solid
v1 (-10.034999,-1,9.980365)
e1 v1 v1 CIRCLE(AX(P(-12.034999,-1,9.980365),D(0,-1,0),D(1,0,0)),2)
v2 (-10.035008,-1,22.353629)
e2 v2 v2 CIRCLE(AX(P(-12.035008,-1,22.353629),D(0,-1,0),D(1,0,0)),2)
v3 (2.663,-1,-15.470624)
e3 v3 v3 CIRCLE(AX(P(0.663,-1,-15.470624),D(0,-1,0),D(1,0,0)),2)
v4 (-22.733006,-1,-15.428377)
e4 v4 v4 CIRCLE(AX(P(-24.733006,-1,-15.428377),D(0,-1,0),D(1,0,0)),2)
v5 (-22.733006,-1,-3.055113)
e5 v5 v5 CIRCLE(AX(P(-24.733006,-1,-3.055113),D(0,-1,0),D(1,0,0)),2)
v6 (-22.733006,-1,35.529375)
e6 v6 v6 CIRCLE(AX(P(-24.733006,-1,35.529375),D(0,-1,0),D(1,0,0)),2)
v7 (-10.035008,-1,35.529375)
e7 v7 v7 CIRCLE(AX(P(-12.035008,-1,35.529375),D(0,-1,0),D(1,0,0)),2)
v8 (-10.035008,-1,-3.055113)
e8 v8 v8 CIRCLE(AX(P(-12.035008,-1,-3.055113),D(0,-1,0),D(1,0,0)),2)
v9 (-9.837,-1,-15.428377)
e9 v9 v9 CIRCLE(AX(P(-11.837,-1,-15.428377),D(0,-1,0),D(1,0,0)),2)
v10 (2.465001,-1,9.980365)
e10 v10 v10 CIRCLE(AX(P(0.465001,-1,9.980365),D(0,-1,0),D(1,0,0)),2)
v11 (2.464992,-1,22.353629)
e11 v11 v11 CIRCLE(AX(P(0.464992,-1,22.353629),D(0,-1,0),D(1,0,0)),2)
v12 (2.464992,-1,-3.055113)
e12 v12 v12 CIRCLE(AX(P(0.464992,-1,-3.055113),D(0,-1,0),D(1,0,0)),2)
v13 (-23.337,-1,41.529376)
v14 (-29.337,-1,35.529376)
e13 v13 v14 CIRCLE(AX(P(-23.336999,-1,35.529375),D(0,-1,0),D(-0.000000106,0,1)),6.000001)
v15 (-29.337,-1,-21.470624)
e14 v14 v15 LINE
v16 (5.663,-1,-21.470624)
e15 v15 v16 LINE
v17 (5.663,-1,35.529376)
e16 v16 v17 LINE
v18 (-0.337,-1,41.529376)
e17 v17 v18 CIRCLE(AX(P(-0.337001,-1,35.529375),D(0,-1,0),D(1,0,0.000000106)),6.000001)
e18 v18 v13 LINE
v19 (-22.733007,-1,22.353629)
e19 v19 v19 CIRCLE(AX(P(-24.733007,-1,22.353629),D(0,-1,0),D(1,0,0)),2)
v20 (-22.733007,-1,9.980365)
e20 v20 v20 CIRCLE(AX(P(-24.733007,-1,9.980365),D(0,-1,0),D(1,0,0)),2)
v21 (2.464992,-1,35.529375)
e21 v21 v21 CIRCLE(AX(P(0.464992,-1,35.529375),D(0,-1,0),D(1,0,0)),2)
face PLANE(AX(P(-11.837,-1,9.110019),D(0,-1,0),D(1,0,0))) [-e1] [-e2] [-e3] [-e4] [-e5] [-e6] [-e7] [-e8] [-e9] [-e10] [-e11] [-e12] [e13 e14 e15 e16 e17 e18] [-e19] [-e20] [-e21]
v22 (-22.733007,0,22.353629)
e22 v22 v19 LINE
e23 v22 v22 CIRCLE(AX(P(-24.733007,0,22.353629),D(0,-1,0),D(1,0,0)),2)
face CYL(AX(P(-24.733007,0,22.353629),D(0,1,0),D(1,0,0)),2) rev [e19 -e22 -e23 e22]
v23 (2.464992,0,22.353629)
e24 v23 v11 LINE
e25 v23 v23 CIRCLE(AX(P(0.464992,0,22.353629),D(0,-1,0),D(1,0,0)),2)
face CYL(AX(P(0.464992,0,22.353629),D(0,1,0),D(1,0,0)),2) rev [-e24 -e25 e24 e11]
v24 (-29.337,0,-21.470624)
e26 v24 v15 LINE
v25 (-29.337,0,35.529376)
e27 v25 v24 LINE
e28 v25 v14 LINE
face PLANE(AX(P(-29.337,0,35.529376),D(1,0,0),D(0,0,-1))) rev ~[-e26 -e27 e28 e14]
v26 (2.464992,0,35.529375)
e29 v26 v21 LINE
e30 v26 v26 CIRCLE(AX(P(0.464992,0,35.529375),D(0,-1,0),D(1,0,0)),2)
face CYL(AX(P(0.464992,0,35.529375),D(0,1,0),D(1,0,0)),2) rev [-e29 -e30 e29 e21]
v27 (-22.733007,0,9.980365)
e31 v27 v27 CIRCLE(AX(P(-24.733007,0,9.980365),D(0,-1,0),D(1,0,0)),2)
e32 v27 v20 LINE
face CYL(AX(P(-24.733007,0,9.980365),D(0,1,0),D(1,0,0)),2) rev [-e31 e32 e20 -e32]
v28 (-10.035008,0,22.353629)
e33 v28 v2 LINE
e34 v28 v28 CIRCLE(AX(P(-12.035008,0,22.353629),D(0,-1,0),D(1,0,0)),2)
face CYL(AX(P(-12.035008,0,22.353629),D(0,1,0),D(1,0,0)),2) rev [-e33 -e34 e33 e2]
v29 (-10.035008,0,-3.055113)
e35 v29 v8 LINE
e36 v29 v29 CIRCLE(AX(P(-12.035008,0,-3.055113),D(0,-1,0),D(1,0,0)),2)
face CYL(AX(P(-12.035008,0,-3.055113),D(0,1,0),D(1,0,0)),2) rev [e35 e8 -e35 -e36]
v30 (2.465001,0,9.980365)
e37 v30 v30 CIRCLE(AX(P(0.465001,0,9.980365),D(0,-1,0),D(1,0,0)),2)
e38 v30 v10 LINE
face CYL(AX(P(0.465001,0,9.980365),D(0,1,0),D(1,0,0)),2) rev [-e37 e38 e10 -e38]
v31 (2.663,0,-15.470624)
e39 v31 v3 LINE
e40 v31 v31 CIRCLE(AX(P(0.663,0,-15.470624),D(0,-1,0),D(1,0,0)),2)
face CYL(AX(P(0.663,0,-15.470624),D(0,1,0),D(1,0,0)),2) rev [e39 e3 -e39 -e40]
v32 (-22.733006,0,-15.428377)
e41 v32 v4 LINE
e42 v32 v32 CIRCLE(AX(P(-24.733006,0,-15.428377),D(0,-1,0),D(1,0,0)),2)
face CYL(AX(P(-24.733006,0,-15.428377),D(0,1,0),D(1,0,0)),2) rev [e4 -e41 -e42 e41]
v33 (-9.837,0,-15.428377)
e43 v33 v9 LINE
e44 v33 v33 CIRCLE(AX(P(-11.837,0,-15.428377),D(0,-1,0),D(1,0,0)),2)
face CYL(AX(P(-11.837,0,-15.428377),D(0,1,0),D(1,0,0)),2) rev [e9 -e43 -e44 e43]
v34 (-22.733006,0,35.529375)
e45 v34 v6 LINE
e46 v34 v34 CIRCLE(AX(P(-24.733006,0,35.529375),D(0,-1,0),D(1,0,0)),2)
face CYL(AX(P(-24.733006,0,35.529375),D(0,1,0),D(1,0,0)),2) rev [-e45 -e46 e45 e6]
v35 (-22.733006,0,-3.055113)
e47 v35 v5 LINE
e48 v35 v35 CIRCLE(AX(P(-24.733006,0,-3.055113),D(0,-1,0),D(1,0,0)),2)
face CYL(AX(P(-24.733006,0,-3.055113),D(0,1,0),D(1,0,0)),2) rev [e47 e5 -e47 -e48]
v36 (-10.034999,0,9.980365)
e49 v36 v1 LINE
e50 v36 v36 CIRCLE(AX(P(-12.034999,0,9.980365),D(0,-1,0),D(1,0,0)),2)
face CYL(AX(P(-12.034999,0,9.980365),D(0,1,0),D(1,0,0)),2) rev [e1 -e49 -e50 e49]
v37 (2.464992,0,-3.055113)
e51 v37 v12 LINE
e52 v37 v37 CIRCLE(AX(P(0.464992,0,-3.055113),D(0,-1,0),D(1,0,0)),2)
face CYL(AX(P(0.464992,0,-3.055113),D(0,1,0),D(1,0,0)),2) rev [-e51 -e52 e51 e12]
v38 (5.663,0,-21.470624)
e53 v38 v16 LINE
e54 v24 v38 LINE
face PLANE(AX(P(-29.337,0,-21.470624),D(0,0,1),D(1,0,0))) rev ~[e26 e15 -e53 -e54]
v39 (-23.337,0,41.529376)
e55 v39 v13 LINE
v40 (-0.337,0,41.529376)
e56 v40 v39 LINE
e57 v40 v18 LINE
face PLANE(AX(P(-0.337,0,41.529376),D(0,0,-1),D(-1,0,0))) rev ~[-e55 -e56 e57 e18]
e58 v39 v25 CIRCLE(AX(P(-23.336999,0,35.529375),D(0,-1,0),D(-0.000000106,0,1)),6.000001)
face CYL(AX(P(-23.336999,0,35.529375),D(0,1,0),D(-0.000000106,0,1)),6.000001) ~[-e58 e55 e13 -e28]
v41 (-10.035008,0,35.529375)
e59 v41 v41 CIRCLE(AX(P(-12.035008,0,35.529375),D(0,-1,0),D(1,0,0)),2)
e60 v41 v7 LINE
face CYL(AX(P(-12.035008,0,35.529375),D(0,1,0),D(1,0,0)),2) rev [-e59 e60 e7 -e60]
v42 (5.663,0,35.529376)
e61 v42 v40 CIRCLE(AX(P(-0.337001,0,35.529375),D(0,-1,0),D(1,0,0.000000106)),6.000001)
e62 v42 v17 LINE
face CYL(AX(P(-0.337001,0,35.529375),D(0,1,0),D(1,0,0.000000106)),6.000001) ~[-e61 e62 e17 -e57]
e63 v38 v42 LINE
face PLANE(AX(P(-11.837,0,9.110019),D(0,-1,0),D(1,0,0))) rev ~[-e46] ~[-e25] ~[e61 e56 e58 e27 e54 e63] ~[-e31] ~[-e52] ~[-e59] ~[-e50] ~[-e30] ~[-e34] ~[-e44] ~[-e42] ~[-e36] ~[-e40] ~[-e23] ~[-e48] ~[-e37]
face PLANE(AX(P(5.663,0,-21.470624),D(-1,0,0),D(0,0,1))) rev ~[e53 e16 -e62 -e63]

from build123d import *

# Parameters (mm, degrees)
F0_R     = 2
F1_DEPTH = 1


with BuildPart() as f1:
    # F0 (on Front) → F1 (new body)
    with BuildSketch(Plane.XZ):
        with BuildLine():
            Line((-29.337, 35.529376), (-29.337, -21.470624))
            Line((-29.337, -21.470624), (-11.837, -21.470624))
            Line((-11.837, -21.470624), (5.663, -21.470624))
            Line((5.663, -21.470624), (5.663, 35.529376))
            ThreePointArc((5.663, 35.529376), (3.905641, 39.772016), (-0.337, 41.529376))
            Line((-0.337, 41.529376), (-23.337, 41.529376))
            ThreePointArc((-23.337, 41.529376), (-27.579641, 39.772016), (-29.337, 35.529376))
        make_face()
        with Locations((-24.733006, -15.428377)):
            Circle(F0_R, mode=Mode.SUBTRACT)
        with Locations((-24.733006, -3.055113)):
            Circle(F0_R, mode=Mode.SUBTRACT)
        with Locations((-24.733007, 9.980365)):
            Circle(F0_R, mode=Mode.SUBTRACT)
        with Locations((-12.035008, -3.055113)):
            Circle(F0_R, mode=Mode.SUBTRACT)
        with Locations((-12.034999, 9.980365)):
            Circle(F0_R, mode=Mode.SUBTRACT)
        with Locations((-11.837, -15.428377)):
            Circle(F0_R, mode=Mode.SUBTRACT)
        with Locations((0.663, -15.470624)):
            Circle(F0_R, mode=Mode.SUBTRACT)
        with Locations((0.464992, -3.055113)):
            Circle(F0_R, mode=Mode.SUBTRACT)
        with Locations((0.465001, 9.980365)):
            Circle(F0_R, mode=Mode.SUBTRACT)
        with Locations((-24.733007, 22.353629)):
            Circle(F0_R, mode=Mode.SUBTRACT)
        with Locations((-12.035008, 22.353629)):
            Circle(F0_R, mode=Mode.SUBTRACT)
        with Locations((-24.733006, 35.529375)):
            Circle(F0_R, mode=Mode.SUBTRACT)
        with Locations((-12.035008, 35.529375)):
            Circle(F0_R, mode=Mode.SUBTRACT)
        with Locations((0.464992, 22.353629)):
            Circle(F0_R, mode=Mode.SUBTRACT)
        with Locations((0.464992, 35.529375)):
            Circle(F0_R, mode=Mode.SUBTRACT)
    extrude(amount=F1_DEPTH)


solid = f1.part
